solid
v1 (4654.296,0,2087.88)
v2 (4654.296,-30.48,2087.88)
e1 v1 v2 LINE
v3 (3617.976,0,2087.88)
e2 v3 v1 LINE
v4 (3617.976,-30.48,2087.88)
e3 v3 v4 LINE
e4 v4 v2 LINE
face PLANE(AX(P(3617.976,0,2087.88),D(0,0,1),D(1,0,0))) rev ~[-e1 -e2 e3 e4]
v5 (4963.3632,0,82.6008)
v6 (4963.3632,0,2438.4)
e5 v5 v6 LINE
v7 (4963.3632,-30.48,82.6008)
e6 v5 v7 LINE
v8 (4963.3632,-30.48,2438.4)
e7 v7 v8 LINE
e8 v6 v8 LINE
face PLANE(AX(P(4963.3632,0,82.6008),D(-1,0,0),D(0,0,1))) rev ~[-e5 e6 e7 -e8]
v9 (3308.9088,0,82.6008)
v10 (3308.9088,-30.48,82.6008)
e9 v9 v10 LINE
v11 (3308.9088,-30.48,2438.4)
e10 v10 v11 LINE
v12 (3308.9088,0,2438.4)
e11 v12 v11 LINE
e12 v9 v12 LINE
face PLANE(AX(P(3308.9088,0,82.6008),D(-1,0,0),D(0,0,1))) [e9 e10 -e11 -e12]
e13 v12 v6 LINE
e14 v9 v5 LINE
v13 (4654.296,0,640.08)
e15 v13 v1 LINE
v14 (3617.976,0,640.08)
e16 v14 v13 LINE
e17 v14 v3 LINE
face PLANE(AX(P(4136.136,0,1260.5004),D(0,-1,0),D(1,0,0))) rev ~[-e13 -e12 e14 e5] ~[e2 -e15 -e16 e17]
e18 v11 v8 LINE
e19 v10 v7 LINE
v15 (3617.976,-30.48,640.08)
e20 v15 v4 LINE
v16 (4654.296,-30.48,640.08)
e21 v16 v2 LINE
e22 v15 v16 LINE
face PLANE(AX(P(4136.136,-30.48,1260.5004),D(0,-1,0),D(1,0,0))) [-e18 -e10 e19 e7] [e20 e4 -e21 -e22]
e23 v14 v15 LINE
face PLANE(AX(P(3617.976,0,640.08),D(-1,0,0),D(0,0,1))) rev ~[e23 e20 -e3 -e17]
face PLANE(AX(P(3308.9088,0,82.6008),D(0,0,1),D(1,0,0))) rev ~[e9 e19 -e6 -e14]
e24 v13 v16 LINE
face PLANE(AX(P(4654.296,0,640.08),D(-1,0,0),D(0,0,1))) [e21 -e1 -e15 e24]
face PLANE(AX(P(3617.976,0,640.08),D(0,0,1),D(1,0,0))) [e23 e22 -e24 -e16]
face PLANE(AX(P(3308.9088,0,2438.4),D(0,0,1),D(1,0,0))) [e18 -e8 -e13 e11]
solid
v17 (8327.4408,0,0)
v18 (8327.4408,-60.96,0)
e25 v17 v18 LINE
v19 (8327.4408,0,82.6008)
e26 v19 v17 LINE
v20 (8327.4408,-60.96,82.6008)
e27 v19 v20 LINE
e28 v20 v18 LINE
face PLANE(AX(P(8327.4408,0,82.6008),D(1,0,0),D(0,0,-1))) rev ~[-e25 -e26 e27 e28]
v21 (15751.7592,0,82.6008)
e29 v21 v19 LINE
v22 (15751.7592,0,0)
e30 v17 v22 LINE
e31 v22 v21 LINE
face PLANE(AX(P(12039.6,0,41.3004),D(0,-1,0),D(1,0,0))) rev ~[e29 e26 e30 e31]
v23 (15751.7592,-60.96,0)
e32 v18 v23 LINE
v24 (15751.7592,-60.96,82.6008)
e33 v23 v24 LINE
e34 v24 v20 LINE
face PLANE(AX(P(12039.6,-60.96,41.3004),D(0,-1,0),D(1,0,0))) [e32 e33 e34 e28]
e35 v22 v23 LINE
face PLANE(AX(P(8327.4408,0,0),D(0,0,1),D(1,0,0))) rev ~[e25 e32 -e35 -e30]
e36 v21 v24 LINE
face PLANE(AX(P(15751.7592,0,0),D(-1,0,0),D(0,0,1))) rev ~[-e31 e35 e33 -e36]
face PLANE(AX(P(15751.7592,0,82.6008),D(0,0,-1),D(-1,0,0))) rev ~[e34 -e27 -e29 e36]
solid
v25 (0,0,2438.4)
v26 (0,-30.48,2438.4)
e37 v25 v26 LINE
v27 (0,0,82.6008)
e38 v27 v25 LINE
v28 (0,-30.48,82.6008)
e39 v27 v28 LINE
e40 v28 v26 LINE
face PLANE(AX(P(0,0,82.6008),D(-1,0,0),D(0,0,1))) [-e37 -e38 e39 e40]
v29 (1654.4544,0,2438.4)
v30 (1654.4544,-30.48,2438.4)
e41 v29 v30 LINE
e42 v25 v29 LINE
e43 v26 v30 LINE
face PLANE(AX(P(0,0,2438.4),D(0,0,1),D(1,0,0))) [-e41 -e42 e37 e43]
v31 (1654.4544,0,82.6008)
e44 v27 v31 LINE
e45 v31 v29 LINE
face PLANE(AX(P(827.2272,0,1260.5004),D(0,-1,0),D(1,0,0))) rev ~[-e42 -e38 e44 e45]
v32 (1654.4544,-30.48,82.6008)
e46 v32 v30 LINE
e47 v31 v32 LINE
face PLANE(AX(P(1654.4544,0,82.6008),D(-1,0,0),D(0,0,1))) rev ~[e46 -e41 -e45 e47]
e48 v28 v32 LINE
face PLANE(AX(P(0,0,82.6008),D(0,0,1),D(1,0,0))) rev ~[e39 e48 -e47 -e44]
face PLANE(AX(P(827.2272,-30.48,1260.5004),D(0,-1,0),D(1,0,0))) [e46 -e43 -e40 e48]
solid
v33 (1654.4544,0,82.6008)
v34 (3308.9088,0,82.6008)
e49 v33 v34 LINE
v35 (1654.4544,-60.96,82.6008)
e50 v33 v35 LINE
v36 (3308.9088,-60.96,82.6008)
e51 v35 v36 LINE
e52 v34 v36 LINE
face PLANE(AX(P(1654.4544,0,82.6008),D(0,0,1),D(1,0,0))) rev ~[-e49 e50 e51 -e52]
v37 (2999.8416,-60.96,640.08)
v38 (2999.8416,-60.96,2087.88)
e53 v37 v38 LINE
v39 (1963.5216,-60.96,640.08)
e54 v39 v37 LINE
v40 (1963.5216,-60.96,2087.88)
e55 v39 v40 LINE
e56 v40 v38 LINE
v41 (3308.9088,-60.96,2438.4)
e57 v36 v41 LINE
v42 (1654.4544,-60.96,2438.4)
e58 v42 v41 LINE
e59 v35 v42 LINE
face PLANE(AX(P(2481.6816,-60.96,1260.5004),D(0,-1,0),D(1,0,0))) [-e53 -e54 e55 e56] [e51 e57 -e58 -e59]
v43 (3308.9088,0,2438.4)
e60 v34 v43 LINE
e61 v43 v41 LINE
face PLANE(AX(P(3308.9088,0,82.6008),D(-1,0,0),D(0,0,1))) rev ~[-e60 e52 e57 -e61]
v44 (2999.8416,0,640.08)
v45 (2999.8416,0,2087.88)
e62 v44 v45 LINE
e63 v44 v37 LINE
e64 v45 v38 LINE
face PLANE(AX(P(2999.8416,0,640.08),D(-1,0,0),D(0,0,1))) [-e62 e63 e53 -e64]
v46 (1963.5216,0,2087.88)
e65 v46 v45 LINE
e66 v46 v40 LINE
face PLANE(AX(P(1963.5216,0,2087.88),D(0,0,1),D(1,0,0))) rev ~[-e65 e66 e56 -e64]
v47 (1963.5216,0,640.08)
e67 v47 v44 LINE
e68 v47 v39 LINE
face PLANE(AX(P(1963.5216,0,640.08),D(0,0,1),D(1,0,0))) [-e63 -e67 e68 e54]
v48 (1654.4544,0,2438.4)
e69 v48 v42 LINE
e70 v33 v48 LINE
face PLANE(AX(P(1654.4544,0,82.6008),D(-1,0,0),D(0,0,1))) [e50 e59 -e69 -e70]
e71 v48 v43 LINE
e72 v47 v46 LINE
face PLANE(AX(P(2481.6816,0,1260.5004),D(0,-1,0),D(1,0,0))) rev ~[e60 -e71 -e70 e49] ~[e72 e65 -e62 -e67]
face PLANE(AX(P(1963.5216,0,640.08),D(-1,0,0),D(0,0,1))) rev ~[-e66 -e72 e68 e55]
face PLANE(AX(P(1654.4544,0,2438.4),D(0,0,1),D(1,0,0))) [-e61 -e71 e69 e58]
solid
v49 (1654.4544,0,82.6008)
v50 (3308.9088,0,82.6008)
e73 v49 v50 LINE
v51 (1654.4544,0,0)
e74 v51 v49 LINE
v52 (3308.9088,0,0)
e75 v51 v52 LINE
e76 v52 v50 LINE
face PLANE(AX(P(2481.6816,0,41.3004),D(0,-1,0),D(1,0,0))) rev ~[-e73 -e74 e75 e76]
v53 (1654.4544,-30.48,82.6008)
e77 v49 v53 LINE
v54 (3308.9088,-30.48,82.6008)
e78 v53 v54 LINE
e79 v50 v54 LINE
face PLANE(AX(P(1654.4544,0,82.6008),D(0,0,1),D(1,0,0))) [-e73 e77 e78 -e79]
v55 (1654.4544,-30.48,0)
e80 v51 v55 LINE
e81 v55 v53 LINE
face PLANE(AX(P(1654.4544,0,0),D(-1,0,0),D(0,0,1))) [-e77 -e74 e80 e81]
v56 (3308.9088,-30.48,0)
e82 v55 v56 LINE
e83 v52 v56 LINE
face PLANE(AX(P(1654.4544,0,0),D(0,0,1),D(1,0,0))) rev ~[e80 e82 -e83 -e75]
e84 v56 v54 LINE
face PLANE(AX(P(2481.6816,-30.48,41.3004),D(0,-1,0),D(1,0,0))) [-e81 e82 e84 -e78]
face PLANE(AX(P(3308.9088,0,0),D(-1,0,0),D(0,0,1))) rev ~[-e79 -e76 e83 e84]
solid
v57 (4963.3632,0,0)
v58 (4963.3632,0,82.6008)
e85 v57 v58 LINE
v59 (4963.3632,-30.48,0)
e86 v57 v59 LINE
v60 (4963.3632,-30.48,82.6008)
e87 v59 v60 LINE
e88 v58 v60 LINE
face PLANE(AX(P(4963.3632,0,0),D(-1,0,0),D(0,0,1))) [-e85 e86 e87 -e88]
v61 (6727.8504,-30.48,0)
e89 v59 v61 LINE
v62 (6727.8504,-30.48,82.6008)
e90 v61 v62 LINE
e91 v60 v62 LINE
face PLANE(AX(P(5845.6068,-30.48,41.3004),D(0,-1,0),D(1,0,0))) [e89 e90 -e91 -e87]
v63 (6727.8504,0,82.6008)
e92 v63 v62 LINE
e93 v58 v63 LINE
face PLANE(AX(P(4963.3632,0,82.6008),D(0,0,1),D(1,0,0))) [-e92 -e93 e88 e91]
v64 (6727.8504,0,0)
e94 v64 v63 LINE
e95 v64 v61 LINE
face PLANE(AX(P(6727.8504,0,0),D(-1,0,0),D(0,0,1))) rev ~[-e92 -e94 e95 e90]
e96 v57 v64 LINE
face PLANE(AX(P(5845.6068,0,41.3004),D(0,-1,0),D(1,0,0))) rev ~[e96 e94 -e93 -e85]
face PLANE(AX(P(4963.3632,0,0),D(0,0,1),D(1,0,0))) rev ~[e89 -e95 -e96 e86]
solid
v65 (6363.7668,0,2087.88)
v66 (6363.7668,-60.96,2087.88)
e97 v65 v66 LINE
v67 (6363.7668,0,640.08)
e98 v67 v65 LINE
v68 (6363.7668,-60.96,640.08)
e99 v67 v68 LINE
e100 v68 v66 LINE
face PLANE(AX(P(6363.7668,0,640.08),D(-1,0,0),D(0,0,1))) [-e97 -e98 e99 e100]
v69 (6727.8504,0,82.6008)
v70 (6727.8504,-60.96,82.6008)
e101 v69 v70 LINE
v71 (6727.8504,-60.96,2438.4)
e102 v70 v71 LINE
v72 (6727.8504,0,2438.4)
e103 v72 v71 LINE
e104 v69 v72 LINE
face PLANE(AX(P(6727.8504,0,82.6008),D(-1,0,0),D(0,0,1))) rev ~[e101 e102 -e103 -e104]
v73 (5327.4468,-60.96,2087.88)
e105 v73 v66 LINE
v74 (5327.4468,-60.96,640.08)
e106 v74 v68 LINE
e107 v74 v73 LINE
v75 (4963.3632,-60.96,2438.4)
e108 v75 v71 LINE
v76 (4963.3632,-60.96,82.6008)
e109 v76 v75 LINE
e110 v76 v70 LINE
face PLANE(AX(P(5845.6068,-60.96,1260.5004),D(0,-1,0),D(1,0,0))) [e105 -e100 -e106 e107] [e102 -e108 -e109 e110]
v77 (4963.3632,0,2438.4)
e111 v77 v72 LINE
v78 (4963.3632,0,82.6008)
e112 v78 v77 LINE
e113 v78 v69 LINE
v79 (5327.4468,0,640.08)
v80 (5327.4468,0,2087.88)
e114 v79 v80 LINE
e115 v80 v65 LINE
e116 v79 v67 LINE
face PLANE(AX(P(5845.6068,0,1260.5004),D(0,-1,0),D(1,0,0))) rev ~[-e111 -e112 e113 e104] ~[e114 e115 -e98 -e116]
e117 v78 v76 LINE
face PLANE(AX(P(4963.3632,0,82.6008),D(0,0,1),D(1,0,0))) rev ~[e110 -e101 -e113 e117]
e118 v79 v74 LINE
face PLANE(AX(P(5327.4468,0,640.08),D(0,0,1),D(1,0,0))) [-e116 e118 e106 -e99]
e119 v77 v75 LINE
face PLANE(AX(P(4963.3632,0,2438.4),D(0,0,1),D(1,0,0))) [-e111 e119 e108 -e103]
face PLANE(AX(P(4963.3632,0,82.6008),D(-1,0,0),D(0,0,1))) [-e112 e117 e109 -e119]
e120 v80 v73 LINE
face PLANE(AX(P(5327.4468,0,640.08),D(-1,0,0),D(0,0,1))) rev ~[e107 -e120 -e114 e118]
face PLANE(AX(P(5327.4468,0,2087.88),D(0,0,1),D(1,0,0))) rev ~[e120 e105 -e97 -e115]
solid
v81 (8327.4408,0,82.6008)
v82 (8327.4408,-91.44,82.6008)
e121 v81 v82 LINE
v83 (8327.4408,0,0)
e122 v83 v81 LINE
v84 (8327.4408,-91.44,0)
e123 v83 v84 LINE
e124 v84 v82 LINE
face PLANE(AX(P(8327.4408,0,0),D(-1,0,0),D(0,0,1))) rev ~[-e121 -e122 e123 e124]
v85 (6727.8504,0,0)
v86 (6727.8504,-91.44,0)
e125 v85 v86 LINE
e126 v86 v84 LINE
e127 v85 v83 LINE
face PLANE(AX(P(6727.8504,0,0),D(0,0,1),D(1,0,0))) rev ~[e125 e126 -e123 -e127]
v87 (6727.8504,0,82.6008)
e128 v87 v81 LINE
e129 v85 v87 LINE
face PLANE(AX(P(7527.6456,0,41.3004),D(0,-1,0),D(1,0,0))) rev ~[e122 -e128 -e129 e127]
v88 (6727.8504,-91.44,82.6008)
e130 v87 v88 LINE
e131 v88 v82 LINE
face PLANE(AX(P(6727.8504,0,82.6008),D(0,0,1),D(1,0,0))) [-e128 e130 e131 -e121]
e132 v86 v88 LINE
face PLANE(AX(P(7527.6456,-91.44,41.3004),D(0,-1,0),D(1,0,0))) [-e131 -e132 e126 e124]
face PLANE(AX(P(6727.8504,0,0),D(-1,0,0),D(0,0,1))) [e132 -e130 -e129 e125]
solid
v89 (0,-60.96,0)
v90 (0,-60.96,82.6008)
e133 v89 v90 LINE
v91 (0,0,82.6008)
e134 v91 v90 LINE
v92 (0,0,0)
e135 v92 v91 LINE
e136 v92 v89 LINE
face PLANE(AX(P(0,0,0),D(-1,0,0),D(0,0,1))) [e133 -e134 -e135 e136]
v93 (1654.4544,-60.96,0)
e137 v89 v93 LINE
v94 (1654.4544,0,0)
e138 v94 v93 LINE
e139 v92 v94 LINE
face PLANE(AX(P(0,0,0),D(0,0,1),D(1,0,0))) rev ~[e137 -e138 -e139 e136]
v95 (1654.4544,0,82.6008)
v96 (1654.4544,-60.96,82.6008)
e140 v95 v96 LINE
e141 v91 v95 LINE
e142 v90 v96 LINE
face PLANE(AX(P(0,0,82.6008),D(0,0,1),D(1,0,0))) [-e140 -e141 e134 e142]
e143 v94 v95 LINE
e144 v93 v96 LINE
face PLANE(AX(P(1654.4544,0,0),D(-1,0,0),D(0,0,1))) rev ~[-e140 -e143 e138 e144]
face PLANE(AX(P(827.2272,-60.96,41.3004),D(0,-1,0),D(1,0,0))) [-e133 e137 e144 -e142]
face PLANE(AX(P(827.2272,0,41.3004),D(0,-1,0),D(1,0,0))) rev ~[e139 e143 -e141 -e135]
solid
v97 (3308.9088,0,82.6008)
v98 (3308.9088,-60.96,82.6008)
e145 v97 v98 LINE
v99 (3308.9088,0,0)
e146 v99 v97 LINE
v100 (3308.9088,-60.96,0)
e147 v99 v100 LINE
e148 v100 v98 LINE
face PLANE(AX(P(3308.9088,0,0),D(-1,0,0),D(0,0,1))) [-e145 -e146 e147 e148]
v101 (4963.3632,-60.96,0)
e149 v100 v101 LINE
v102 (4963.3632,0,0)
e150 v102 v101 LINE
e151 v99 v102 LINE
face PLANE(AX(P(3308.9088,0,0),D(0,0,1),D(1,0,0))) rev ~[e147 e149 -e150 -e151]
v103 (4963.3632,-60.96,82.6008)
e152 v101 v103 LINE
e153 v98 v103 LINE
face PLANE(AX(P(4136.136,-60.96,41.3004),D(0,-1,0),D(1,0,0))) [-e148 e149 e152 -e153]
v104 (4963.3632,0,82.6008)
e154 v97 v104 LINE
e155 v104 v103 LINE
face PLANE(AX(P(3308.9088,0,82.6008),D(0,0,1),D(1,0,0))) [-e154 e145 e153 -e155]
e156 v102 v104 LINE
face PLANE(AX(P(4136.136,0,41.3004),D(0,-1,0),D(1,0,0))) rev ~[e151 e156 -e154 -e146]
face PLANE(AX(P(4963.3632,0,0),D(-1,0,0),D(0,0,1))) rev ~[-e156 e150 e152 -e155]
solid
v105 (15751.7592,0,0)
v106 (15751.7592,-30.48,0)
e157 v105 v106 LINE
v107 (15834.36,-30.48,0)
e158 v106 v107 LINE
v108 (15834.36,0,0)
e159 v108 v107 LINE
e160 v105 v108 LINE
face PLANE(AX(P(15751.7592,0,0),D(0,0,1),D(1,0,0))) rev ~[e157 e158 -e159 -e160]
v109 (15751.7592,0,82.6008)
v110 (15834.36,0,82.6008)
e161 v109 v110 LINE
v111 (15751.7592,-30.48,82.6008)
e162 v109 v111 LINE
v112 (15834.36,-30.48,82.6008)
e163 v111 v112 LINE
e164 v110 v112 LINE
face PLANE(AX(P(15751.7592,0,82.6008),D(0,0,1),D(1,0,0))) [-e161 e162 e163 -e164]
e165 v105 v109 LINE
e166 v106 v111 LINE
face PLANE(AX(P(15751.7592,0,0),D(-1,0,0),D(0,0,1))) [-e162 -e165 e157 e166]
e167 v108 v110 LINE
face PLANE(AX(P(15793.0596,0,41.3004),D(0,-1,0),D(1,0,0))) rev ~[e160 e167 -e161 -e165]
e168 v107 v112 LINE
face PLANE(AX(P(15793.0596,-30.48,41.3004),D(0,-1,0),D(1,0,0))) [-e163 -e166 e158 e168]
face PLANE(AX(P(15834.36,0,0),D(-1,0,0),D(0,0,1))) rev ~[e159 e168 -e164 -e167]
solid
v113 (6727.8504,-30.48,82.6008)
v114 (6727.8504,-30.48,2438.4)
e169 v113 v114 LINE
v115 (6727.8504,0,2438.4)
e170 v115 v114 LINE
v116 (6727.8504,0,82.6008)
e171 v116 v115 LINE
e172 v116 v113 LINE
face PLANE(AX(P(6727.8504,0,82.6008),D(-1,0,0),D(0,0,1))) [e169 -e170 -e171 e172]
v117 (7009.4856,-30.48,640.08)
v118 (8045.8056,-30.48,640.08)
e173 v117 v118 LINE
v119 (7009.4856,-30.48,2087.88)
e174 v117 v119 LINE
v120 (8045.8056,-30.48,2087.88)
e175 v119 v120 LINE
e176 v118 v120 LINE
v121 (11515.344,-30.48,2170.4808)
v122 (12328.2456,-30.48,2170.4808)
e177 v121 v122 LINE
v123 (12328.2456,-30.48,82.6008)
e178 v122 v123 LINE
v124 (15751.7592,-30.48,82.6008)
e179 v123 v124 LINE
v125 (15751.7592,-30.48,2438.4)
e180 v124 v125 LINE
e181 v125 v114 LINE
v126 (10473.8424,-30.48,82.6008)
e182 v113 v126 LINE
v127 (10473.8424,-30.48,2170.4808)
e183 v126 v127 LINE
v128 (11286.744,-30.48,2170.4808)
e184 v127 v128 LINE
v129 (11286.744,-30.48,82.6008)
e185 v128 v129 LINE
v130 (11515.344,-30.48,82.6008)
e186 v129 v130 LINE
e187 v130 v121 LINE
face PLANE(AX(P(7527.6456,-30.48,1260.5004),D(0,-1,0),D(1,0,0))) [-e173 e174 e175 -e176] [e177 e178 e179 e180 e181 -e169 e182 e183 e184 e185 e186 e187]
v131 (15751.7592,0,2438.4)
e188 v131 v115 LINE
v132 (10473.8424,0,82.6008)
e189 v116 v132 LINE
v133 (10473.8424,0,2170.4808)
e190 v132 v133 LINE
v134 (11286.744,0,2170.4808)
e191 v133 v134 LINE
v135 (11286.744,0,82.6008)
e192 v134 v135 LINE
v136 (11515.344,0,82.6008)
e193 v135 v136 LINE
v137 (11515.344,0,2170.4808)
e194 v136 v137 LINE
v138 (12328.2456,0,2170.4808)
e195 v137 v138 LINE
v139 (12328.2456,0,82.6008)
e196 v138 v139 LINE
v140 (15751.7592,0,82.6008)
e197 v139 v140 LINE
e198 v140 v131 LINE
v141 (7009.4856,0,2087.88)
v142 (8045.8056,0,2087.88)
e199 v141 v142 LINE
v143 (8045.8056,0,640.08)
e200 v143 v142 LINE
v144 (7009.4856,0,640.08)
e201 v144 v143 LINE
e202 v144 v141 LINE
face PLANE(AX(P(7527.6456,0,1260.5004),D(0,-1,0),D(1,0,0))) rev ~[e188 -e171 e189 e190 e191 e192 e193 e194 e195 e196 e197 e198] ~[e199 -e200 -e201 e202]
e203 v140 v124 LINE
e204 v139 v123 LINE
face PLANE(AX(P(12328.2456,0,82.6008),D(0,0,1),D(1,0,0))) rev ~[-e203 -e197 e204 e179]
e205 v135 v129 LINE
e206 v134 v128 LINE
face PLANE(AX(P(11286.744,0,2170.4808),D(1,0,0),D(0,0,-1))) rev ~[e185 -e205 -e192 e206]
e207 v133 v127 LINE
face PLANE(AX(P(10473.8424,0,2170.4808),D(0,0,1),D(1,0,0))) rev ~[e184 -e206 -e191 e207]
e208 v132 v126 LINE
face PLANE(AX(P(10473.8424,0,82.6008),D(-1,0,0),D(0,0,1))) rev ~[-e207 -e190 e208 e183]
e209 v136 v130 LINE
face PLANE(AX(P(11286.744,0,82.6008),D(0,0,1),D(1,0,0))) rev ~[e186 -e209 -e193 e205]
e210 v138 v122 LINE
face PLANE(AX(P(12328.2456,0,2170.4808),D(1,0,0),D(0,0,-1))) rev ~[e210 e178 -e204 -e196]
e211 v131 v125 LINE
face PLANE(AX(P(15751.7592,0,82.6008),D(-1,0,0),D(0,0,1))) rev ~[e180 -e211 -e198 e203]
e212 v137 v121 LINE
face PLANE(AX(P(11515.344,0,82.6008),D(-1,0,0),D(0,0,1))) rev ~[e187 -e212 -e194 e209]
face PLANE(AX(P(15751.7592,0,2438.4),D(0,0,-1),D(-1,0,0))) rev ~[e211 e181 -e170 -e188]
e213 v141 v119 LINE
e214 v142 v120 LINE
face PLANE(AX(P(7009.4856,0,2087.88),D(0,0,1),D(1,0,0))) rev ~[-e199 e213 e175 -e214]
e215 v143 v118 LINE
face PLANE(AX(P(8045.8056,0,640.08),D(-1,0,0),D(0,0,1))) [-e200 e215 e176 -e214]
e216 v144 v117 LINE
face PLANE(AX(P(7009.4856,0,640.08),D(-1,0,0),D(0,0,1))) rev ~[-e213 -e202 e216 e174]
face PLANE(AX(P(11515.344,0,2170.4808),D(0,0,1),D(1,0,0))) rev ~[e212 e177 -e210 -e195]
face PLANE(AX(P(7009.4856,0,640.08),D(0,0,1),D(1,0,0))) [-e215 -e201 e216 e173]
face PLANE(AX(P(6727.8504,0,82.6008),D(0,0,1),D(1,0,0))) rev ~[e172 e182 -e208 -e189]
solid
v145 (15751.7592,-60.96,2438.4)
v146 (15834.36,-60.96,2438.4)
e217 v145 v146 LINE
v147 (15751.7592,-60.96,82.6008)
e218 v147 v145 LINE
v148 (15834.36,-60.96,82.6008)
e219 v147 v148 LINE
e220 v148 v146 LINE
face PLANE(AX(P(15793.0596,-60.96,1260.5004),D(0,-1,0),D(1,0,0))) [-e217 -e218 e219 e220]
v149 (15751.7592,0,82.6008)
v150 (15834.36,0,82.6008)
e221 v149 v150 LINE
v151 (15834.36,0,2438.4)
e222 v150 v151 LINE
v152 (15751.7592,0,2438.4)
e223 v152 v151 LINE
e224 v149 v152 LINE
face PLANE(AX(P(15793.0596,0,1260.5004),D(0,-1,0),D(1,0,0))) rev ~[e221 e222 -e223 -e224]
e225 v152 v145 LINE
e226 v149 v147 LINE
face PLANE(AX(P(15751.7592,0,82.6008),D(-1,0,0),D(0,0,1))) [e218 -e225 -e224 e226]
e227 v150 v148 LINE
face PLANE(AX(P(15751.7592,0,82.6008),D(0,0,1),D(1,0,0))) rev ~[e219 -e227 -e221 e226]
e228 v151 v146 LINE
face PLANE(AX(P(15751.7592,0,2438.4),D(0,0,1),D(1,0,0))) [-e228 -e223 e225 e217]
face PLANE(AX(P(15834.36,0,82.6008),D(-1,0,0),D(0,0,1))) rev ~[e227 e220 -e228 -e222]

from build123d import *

# Parameters (mm, degrees)
F0_W     = 1654.4544
F0_H     = 2355.7992
F0_H_2   = 82.6008
F0_W_2   = 1036.32
F0_H_3   = 1447.8
F0_W_3   = 1764.4872
F0_W_4   = 1599.5904
F0_W_5   = 82.6008
F1_DEPTH = 30.48
F2_DEPTH = 60.96
F3_DEPTH = 91.44


with BuildPart() as f1:
    # F0 (on Front) → F1 (new body)
    with BuildSketch(Plane.XZ):
        with Locations((827.2272, 1260.5004)):
            Rectangle(F0_W, F0_H)
        with Locations((2481.6816, 41.3004)):
            Rectangle(F0_W, F0_H_2)
        with Locations((4136.136, 1260.5004)):
            Rectangle(F0_W, F0_H)
        with Locations((4136.136, 1363.98)):
            Rectangle(F0_W_2, F0_H_3, mode=Mode.SUBTRACT)
        with Locations((5845.6068, 41.3004)):
            Rectangle(F0_W_3, F0_H_2)
        with Locations((7527.6456, 1260.5004)):
            Rectangle(F0_W_4, F0_H)
        with Locations((7527.6456, 1363.98)):
            Rectangle(F0_W_2, F0_H_3, mode=Mode.SUBTRACT)
        Polygon((8327.4408, 2438.4), (8327.4408, 82.6008), (10473.8424, 82.6008), (10473.8424, 2170.4808), (11286.744, 2170.4808), (11286.744, 82.6008), (11515.344, 82.6008), (11515.344, 2170.4808), (12328.2456, 2170.4808), (12328.2456, 82.6008), (15751.7592, 82.6008), (15751.7592, 2438.4), align=None)
        with Locations((15793.0596, 41.3004)):
            Rectangle(F0_W_5, F0_H_2)
    extrude(amount=F1_DEPTH)


with BuildPart() as f2:
    # F0 (on Front) → F2 (new body)
    with BuildSketch(Plane.XZ):
        Polygon((8327.4408, 82.6008), (8327.4408, 0), (15751.7592, 0), (15751.7592, 82.6008), (12328.2456, 82.6008), (11515.344, 82.6008), (11286.744, 82.6008), (10473.8424, 82.6008), align=None)
        with Locations((15793.0596, 1260.5004)):
            Rectangle(F0_W_5, F0_H)
        with Locations((5845.6068, 1260.5004)):
            Rectangle(F0_W_3, F0_H)
        with Locations((5845.6068, 1363.98)):
            Rectangle(F0_W_2, F0_H_3, mode=Mode.SUBTRACT)
        with Locations((2481.6816, 1260.5004)):
            Rectangle(F0_W, F0_H)
        with Locations((2481.6816, 1363.98)):
            Rectangle(F0_W_2, F0_H_3, mode=Mode.SUBTRACT)
        with Locations((4136.136, 41.3004)):
            Rectangle(F0_W, F0_H_2)
        with Locations((827.2272, 41.3004)):
            Rectangle(F0_W, F0_H_2)
    extrude(amount=F2_DEPTH)


with BuildPart() as f3:
    # F0 (on Front) → F3 (new body)
    with BuildSketch(Plane.XZ):
        with Locations((7527.6456, 41.3004)):
            Rectangle(F0_W_4, F0_H_2)
    extrude(amount=F3_DEPTH)


solid = Compound([f1.part, f2.part, f3.part])
